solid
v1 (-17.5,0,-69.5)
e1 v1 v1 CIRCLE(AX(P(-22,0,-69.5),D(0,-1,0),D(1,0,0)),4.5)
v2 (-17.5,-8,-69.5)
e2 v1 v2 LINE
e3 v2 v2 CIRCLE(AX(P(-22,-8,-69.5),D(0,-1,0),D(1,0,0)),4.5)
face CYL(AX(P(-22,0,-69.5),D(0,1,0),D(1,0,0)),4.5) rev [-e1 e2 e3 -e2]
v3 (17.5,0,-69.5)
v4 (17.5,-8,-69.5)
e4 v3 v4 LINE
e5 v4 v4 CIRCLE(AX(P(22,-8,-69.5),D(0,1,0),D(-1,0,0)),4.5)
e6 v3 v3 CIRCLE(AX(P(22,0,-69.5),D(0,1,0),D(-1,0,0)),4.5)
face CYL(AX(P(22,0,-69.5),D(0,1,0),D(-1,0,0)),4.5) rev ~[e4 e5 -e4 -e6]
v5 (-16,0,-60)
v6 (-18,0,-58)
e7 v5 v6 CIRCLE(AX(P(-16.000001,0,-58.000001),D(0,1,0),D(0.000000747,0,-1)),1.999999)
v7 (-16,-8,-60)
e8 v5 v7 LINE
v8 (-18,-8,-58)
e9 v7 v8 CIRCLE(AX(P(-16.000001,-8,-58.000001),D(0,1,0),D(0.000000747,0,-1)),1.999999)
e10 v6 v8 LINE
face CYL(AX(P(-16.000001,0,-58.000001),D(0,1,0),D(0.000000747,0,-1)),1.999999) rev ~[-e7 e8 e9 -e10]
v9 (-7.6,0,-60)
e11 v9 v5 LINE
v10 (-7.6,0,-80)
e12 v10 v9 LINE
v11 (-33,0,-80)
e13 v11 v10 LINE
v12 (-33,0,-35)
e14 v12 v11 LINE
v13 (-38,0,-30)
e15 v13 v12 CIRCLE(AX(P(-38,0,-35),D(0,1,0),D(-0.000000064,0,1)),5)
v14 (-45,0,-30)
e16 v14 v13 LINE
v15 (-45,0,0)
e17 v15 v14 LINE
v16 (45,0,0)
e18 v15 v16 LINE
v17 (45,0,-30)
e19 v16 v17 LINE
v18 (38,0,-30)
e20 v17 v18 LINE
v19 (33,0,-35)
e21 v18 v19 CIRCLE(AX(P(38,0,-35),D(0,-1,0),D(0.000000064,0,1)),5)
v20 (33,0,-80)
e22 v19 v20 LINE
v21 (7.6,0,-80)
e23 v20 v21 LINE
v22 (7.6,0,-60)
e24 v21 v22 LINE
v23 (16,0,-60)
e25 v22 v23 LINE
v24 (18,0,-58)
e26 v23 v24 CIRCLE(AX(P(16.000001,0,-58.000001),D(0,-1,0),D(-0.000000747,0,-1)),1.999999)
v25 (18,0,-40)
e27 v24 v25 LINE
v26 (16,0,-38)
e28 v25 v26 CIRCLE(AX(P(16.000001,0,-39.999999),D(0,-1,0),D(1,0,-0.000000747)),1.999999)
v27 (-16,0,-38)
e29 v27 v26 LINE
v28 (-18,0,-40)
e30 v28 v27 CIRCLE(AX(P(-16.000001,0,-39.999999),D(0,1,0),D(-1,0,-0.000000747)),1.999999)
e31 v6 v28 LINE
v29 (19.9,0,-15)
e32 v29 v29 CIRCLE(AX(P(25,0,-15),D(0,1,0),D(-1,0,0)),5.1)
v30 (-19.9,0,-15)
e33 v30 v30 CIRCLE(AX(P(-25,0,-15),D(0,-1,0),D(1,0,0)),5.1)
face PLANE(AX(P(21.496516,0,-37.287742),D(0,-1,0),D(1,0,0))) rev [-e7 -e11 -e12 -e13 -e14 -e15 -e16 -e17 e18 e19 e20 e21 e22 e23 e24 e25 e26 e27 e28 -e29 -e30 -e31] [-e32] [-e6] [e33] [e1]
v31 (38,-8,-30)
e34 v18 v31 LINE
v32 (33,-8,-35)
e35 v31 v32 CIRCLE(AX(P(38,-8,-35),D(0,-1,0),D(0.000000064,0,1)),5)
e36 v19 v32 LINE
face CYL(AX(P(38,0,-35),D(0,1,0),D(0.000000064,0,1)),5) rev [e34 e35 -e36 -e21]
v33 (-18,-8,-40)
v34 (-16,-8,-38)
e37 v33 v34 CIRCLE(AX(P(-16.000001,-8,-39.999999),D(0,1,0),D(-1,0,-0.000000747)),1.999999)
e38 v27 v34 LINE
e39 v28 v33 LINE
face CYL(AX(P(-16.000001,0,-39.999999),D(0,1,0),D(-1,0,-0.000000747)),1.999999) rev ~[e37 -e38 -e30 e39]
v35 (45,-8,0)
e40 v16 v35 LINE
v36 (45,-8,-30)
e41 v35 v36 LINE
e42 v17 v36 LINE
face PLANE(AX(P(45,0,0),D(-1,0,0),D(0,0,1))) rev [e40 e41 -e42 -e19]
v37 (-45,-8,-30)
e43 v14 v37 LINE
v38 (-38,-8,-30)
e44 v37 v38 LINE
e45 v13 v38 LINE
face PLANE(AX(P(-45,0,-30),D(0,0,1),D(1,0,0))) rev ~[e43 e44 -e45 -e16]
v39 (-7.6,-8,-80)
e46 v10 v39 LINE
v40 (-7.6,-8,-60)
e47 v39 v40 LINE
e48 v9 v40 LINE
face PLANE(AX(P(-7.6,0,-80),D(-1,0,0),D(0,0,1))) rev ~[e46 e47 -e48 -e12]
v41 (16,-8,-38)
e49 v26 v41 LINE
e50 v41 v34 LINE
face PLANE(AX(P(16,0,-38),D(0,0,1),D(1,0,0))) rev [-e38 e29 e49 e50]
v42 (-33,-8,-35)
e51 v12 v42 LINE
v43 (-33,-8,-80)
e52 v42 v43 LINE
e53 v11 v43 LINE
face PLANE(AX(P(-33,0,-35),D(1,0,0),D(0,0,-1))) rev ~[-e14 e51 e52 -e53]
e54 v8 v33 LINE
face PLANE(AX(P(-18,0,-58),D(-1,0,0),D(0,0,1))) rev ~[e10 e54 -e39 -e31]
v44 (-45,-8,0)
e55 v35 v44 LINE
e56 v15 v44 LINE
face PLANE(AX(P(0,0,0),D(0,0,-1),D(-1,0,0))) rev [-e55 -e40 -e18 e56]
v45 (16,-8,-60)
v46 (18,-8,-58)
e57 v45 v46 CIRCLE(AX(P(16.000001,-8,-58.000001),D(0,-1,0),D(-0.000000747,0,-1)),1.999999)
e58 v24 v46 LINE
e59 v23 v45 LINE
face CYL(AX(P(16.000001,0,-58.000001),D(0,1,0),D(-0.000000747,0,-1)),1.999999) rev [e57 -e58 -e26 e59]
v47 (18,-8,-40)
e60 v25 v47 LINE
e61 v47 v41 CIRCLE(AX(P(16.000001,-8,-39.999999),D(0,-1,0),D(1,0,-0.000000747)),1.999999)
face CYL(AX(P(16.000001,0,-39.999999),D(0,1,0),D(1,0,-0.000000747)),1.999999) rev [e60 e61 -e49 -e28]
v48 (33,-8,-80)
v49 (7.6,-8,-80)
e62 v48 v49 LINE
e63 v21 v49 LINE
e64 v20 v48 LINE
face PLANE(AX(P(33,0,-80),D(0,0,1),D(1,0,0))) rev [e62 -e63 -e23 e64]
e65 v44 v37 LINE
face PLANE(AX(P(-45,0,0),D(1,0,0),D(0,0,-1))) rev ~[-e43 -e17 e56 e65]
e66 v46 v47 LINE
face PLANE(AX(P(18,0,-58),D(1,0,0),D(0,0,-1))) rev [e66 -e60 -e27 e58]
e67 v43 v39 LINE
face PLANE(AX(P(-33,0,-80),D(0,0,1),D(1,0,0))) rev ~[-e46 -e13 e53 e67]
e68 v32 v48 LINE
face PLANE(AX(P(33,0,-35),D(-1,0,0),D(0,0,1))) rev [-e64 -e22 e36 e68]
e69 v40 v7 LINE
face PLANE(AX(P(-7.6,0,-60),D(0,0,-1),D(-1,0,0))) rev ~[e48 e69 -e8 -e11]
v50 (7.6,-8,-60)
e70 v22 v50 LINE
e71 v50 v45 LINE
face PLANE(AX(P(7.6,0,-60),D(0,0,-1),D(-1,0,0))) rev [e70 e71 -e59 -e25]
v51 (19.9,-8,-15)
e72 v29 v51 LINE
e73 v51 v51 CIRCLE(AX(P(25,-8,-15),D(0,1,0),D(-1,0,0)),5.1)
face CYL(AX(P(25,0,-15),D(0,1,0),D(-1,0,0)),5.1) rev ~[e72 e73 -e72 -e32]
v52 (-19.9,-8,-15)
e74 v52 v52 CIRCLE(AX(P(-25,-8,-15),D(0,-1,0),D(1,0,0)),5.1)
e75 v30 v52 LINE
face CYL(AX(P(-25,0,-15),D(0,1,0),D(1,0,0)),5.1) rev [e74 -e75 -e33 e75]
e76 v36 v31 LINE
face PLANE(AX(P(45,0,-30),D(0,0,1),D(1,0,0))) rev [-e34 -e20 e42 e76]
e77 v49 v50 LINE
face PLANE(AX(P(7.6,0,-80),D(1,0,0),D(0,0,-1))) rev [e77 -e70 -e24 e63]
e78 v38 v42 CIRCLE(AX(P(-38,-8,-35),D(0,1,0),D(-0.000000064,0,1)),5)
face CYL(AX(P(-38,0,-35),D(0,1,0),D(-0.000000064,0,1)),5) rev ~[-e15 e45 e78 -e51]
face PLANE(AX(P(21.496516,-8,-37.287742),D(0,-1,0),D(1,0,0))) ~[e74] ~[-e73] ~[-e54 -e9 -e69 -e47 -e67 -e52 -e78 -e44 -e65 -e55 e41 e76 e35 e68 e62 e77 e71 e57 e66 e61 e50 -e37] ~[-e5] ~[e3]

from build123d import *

# Parameters (mm, degrees)
F0_R     = 4.5
F0_R_2   = 5.1
F1_DEPTH = 8


with BuildPart() as f1:
    # F0 (on Front) → F1 (new body)
    with BuildSketch(Plane.XZ):
        with BuildLine():
            Line((0, -38), (0, 0))
            Line((0, 0), (-45, 0))
            Line((-45, 0), (-45, -30))
            Line((-45, -30), (-38, -30))
            ThreePointArc((-38, -30), (-34.464466, -31.464466), (-33, -35))
            Line((-33, -35), (-33, -80))
            Line((-33, -80), (-7.6, -80))
            Line((-7.6, -80), (-7.6, -60))
            Line((-7.6, -60), (-16, -60))
            ThreePointArc((-16, -60), (-17.414214, -59.414214), (-18, -58))
            Line((-18, -58), (-18, -40))
            ThreePointArc((-18, -40), (-17.414214, -38.585786), (-16, -38))
            Line((-16, -38), (0, -38))
        make_face()
        with Locations((-22, -69.5)):
            Circle(F0_R, mode=Mode.SUBTRACT)
        with Locations((-25, -15)):
            Circle(F0_R_2, mode=Mode.SUBTRACT)
    extrude(amount=F1_DEPTH)

    # F2: F1 across face


with BuildPart() as f1_1:
    add(f1.part)
    add(f1.part.mirror(Plane(origin=(0, -4, -19), x_dir=(0, 1, 0), z_dir=(1, 0, 0))))


solid = f1_1.part
